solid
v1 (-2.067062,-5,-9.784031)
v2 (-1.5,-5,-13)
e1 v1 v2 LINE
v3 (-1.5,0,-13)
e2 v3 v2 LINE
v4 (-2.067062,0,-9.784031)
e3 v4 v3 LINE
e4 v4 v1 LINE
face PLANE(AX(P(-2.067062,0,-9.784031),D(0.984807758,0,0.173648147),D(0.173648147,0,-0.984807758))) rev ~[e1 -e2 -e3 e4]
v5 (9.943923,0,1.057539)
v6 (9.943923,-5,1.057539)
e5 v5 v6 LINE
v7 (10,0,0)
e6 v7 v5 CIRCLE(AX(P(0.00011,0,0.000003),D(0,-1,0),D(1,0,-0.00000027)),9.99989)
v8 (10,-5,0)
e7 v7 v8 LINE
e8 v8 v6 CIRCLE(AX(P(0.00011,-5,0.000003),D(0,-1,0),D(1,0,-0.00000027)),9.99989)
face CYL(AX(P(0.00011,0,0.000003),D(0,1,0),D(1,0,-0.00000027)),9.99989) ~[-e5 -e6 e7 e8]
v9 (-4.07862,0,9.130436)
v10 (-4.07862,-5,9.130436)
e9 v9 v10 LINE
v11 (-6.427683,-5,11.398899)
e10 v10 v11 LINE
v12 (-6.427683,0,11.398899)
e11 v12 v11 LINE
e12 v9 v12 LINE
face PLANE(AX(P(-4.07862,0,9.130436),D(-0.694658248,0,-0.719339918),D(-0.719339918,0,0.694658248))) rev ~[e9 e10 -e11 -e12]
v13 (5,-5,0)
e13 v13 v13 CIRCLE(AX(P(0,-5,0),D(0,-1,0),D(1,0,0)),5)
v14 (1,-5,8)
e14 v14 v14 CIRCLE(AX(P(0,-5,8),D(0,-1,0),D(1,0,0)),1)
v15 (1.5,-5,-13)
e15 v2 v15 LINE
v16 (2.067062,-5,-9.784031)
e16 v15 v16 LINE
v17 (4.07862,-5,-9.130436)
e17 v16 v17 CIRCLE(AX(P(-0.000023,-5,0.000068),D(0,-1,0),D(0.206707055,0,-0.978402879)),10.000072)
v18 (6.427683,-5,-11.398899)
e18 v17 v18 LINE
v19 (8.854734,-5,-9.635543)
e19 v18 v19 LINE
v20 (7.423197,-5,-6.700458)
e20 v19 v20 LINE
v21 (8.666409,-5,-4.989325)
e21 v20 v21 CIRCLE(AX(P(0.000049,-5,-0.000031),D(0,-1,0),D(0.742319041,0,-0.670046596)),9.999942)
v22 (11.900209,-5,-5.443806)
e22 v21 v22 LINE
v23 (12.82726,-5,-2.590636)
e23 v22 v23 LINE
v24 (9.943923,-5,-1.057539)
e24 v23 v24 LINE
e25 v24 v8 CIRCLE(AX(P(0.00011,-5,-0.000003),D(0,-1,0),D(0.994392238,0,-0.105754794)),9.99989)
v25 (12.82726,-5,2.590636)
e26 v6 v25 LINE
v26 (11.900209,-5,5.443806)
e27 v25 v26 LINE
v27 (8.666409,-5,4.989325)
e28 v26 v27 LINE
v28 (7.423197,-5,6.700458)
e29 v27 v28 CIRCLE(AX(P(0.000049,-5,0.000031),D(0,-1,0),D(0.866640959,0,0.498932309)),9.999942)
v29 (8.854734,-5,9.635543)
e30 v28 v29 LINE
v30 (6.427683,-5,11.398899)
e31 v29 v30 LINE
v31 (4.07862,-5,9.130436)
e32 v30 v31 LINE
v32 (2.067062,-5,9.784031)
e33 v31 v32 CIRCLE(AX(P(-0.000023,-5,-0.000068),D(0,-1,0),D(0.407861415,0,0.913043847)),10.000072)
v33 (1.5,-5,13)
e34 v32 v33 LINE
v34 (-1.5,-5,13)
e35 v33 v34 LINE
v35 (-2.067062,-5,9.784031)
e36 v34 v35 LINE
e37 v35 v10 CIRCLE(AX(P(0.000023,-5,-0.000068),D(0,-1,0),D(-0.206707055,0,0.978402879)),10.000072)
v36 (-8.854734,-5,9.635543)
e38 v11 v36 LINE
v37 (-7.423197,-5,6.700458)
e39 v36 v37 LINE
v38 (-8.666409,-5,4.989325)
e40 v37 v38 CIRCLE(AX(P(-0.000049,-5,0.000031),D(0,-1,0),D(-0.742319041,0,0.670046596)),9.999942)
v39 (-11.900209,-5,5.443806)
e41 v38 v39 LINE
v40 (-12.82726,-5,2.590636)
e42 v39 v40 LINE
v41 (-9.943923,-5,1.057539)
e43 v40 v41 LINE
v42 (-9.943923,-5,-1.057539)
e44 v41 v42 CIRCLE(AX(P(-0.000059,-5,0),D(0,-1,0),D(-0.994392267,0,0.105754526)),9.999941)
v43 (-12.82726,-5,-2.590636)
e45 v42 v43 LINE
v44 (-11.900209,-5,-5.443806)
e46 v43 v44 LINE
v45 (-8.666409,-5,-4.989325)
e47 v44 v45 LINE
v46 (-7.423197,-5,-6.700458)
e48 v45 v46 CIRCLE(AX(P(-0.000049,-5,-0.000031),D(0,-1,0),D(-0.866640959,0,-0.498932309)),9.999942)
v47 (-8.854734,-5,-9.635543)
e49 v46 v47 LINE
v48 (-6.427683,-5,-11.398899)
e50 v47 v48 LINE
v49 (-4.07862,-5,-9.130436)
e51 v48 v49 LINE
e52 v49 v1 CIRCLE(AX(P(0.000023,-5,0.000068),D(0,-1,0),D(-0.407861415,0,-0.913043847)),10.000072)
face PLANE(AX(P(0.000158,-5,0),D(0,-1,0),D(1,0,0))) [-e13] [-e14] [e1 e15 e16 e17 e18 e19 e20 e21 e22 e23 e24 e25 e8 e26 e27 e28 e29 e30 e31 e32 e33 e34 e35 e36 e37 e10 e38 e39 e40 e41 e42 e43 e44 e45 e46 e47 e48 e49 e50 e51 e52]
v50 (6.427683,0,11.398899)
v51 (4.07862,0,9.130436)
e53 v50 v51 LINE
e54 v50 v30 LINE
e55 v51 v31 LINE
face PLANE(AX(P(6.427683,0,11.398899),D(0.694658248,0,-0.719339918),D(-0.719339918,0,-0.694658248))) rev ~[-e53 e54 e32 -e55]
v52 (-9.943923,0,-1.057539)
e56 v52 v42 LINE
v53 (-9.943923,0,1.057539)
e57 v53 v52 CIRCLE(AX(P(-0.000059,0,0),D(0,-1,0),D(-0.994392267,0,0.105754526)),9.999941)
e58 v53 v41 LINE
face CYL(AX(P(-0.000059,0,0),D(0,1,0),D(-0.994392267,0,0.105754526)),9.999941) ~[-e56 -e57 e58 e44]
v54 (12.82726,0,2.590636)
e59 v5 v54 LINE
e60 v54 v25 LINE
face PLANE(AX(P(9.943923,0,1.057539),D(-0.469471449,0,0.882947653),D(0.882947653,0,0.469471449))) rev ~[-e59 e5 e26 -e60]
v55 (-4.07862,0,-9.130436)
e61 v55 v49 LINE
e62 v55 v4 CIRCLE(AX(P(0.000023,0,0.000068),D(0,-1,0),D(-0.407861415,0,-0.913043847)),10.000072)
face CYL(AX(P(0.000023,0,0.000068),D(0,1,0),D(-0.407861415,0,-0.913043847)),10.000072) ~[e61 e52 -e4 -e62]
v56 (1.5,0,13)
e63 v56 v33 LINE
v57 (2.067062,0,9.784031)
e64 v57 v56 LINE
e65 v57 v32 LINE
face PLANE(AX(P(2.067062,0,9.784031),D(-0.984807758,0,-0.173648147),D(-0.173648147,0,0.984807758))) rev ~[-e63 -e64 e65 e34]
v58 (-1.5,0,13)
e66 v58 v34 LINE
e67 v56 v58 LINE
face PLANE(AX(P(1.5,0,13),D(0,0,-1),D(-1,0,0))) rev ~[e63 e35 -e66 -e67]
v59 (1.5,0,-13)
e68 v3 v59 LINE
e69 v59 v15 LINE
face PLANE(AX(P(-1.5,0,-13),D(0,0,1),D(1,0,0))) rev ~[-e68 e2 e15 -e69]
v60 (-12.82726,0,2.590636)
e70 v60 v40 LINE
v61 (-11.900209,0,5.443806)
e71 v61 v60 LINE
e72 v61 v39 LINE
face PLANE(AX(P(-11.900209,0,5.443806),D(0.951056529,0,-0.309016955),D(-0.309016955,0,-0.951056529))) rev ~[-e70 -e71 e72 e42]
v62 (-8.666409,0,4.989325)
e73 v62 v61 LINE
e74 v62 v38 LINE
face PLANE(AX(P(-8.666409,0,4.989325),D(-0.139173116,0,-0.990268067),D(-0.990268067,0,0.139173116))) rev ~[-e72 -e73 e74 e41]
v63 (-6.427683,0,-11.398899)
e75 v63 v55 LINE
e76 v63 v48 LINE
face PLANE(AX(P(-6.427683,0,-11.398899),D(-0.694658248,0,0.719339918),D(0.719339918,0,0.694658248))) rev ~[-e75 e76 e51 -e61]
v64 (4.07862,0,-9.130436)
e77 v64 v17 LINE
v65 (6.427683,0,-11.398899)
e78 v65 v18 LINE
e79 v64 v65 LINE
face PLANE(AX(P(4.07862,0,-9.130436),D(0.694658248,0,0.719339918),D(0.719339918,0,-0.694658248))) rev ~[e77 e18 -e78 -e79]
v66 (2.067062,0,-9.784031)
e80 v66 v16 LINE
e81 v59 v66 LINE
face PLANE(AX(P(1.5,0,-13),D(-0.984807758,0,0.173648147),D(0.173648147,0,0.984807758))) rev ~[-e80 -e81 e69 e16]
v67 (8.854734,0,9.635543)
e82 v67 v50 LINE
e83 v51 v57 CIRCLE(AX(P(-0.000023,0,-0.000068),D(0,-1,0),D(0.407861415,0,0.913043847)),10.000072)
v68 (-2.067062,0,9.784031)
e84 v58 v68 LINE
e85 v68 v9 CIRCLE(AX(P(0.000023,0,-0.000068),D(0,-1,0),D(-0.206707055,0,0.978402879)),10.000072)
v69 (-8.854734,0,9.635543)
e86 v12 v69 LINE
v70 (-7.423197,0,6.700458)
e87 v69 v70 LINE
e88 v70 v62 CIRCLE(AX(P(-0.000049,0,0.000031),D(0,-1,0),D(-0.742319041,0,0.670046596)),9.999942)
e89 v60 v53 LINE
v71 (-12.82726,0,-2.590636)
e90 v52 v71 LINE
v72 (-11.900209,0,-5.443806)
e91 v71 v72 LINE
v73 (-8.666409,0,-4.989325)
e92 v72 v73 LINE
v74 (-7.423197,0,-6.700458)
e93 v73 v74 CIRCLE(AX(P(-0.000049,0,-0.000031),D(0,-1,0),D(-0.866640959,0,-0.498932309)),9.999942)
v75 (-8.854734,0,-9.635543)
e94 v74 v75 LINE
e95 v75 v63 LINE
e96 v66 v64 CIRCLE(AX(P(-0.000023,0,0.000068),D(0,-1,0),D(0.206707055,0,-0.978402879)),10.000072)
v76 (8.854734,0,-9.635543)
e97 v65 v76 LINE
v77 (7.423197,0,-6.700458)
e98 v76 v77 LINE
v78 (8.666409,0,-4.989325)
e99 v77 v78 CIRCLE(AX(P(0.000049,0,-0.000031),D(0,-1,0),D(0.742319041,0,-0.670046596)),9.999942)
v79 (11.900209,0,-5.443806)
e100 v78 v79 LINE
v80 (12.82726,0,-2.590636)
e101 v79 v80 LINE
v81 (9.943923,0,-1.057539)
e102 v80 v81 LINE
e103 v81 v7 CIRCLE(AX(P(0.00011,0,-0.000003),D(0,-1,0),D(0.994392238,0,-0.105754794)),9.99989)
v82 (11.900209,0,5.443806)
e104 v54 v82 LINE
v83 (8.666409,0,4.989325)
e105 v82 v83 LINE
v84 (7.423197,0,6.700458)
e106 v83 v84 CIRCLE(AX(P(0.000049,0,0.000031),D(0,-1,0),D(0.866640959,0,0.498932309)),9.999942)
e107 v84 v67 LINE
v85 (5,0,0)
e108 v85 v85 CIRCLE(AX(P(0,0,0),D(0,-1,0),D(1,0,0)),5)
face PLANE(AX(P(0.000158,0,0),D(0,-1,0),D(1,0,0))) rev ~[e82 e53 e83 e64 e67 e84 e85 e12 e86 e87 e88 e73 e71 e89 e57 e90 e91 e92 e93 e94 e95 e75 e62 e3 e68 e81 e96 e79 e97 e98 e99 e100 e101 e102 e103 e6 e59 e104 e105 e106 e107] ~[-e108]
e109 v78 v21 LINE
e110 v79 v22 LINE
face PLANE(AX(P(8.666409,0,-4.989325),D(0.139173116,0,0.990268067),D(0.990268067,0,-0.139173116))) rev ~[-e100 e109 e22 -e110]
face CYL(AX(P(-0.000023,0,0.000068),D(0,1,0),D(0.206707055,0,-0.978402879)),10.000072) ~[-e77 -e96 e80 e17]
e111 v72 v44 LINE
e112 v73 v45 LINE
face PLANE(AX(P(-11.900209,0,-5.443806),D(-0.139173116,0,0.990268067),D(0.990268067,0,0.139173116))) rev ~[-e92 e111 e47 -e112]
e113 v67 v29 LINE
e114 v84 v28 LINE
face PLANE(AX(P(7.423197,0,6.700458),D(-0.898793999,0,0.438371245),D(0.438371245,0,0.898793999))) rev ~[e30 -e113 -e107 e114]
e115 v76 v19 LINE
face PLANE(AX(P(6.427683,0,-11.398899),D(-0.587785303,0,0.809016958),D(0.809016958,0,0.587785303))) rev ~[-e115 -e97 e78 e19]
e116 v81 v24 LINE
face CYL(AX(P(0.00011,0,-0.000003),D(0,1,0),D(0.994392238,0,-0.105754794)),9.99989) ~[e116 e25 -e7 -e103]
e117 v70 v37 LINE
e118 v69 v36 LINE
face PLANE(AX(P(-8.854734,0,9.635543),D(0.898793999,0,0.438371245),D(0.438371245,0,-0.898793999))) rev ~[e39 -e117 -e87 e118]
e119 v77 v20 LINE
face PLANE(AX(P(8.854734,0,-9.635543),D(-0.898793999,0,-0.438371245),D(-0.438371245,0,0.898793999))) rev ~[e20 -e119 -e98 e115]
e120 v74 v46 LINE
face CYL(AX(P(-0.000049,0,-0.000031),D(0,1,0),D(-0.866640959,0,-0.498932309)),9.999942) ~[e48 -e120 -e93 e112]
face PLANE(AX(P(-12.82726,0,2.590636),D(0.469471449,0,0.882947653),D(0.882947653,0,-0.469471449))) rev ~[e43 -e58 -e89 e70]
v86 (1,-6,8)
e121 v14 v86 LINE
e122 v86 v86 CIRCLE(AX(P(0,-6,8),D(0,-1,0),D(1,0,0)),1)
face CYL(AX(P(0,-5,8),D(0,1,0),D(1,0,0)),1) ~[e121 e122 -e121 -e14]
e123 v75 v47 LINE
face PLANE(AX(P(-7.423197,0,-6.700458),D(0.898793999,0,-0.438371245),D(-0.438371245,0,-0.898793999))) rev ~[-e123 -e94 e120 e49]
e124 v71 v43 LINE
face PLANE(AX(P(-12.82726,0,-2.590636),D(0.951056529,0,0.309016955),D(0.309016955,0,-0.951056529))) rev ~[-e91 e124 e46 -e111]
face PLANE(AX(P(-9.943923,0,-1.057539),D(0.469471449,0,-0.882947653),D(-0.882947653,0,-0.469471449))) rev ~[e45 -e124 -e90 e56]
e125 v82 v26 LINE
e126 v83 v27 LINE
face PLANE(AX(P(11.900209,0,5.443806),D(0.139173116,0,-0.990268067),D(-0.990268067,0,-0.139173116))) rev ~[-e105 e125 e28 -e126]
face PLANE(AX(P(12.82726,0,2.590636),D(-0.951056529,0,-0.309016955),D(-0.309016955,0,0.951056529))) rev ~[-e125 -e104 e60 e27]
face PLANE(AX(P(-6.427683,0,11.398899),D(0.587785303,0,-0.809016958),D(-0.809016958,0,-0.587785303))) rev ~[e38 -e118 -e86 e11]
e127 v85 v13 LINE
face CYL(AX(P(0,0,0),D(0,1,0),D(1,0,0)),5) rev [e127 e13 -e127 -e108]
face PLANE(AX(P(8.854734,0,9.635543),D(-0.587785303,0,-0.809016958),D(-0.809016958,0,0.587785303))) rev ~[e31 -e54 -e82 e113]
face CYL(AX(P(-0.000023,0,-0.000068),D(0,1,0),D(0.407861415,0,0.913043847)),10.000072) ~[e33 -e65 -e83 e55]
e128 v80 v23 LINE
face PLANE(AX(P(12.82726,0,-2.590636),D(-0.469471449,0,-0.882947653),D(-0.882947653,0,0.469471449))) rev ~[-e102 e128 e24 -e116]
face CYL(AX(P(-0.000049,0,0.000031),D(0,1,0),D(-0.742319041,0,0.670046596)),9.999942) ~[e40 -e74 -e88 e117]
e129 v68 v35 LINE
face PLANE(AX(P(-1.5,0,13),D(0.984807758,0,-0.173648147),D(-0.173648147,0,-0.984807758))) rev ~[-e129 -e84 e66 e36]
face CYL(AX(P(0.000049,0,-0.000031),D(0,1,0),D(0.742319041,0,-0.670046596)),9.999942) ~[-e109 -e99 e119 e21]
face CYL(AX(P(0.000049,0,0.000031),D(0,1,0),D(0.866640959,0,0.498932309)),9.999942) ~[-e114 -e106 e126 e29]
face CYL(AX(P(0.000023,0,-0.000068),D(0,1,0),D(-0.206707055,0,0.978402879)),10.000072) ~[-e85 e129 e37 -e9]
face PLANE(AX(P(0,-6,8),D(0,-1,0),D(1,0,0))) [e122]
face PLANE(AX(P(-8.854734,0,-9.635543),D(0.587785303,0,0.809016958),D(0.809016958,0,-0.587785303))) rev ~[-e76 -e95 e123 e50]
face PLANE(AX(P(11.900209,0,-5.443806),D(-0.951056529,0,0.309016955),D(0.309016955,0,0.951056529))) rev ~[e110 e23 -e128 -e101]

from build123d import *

# Parameters (mm, degrees)
F0_R     = 5
F1_DEPTH = 5
F2_R     = 1
F3_DEPTH = 1


with BuildPart() as f1:
    # F0 (on Front) → F1 (new body)
    with BuildSketch(Plane.XZ):
        with BuildLine():
            ThreePointArc((9.943923, -1.057539), (9.985971, -0.529512), (10, 0))
            ThreePointArc((10, 0), (9.985971, 0.529512), (9.943923, 1.057539))
            ThreePointArc((9.943923, 1.057539), (9.510565, 3.09017), (8.666409, 4.989325))
            ThreePointArc((8.666409, 4.989325), (8.09017, 5.877853), (7.423197, 6.700458))
            ThreePointArc((7.423197, 6.700458), (5.877853, 8.09017), (4.07862, 9.130436))
            ThreePointArc((4.07862, 9.130436), (3.09017, 9.510565), (2.067062, 9.784031))
            ThreePointArc((2.067062, 9.784031), (0, 10), (-2.067062, 9.784031))
            ThreePointArc((-2.067062, 9.784031), (-3.09017, 9.510565), (-4.07862, 9.130436))
            ThreePointArc((-4.07862, 9.130436), (-5.877853, 8.09017), (-7.423197, 6.700458))
            ThreePointArc((-7.423197, 6.700458), (-8.09017, 5.877853), (-8.666409, 4.989325))
            ThreePointArc((-8.666409, 4.989325), (-9.510565, 3.09017), (-9.943923, 1.057539))
            ThreePointArc((-9.943923, 1.057539), (-10, 0), (-9.943923, -1.057539))
            ThreePointArc((-9.943923, -1.057539), (-9.510565, -3.09017), (-8.666409, -4.989325))
            ThreePointArc((-8.666409, -4.989325), (-8.09017, -5.877853), (-7.423197, -6.700458))
            ThreePointArc((-7.423197, -6.700458), (-5.877853, -8.09017), (-4.07862, -9.130436))
            ThreePointArc((-4.07862, -9.130436), (-3.09017, -9.510565), (-2.067062, -9.784031))
            ThreePointArc((-2.067062, -9.784031), (0, -10), (2.067062, -9.784031))
            ThreePointArc((2.067062, -9.784031), (3.09017, -9.510565), (4.07862, -9.130436))
            ThreePointArc((4.07862, -9.130436), (5.877853, -8.09017), (7.423197, -6.700458))
            ThreePointArc((7.423197, -6.700458), (8.09017, -5.877853), (8.666409, -4.989325))
            ThreePointArc((8.666409, -4.989325), (9.510565, -3.09017), (9.943923, -1.057539))
        make_face()
        Circle(F0_R, mode=Mode.SUBTRACT)
        with BuildLine():
            ThreePointArc((8.666409, 4.989325), (9.510565, 3.09017), (9.943923, 1.057539))
            Line((9.943923, 1.057539), (12.82726, 2.590636))
            Line((12.82726, 2.590636), (11.900209, 5.443806))
            Line((11.900209, 5.443806), (8.666409, 4.989325))
        make_face()
        with BuildLine():
            Line((12.82726, -2.590636), (9.943923, -1.057539))
            ThreePointArc((9.943923, -1.057539), (9.510565, -3.09017), (8.666409, -4.989325))
            Line((8.666409, -4.989325), (11.900209, -5.443806))
            Line((11.900209, -5.443806), (12.82726, -2.590636))
        make_face()
        with BuildLine():
            ThreePointArc((4.07862, 9.130436), (5.877853, 8.09017), (7.423197, 6.700458))
            Line((7.423197, 6.700458), (8.854734, 9.635543))
            Line((8.854734, 9.635543), (6.427683, 11.398899))
            Line((6.427683, 11.398899), (4.07862, 9.130436))
        make_face()
        with BuildLine():
            Line((8.854734, -9.635543), (7.423197, -6.700458))
            ThreePointArc((7.423197, -6.700458), (5.877853, -8.09017), (4.07862, -9.130436))
            Line((4.07862, -9.130436), (6.427683, -11.398899))
            Line((6.427683, -11.398899), (8.854734, -9.635543))
        make_face()
        with BuildLine():
            ThreePointArc((-2.067062, 9.784031), (0, 10), (2.067062, 9.784031))
            Line((2.067062, 9.784031), (1.5, 13))
            Line((1.5, 13), (-1.5, 13))
            Line((-1.5, 13), (-2.067062, 9.784031))
        make_face()
        with BuildLine():
            Line((1.5, -13), (2.067062, -9.784031))
            ThreePointArc((2.067062, -9.784031), (0, -10), (-2.067062, -9.784031))
            Line((-2.067062, -9.784031), (-1.5, -13))
            Line((-1.5, -13), (1.5, -13))
        make_face()
        with BuildLine():
            ThreePointArc((-7.423197, 6.700458), (-5.877853, 8.09017), (-4.07862, 9.130436))
            Line((-4.07862, 9.130436), (-6.427683, 11.398899))
            Line((-6.427683, 11.398899), (-8.854734, 9.635543))
            Line((-8.854734, 9.635543), (-7.423197, 6.700458))
        make_face()
        with BuildLine():
            Line((-6.427683, -11.398899), (-4.07862, -9.130436))
            ThreePointArc((-4.07862, -9.130436), (-5.877853, -8.09017), (-7.423197, -6.700458))
            Line((-7.423197, -6.700458), (-8.854734, -9.635543))
            Line((-8.854734, -9.635543), (-6.427683, -11.398899))
        make_face()
        with BuildLine():
            ThreePointArc((-9.943923, 1.057539), (-9.510565, 3.09017), (-8.666409, 4.989325))
            Line((-8.666409, 4.989325), (-11.900209, 5.443806))
            Line((-11.900209, 5.443806), (-12.82726, 2.590636))
            Line((-12.82726, 2.590636), (-9.943923, 1.057539))
        make_face()
        with BuildLine():
            Line((-11.900209, -5.443806), (-8.666409, -4.989325))
            ThreePointArc((-8.666409, -4.989325), (-9.510565, -3.09017), (-9.943923, -1.057539))
            Line((-9.943923, -1.057539), (-12.82726, -2.590636))
            Line((-12.82726, -2.590636), (-11.900209, -5.443806))
        make_face()
    extrude(amount=F1_DEPTH)

    # F2 (on face) → F3 (join)
    with BuildSketch(Plane.XZ.offset(5)):
        with Locations((0, 8)):
            Circle(F2_R)
    extrude(amount=F3_DEPTH)


solid = f1.part
